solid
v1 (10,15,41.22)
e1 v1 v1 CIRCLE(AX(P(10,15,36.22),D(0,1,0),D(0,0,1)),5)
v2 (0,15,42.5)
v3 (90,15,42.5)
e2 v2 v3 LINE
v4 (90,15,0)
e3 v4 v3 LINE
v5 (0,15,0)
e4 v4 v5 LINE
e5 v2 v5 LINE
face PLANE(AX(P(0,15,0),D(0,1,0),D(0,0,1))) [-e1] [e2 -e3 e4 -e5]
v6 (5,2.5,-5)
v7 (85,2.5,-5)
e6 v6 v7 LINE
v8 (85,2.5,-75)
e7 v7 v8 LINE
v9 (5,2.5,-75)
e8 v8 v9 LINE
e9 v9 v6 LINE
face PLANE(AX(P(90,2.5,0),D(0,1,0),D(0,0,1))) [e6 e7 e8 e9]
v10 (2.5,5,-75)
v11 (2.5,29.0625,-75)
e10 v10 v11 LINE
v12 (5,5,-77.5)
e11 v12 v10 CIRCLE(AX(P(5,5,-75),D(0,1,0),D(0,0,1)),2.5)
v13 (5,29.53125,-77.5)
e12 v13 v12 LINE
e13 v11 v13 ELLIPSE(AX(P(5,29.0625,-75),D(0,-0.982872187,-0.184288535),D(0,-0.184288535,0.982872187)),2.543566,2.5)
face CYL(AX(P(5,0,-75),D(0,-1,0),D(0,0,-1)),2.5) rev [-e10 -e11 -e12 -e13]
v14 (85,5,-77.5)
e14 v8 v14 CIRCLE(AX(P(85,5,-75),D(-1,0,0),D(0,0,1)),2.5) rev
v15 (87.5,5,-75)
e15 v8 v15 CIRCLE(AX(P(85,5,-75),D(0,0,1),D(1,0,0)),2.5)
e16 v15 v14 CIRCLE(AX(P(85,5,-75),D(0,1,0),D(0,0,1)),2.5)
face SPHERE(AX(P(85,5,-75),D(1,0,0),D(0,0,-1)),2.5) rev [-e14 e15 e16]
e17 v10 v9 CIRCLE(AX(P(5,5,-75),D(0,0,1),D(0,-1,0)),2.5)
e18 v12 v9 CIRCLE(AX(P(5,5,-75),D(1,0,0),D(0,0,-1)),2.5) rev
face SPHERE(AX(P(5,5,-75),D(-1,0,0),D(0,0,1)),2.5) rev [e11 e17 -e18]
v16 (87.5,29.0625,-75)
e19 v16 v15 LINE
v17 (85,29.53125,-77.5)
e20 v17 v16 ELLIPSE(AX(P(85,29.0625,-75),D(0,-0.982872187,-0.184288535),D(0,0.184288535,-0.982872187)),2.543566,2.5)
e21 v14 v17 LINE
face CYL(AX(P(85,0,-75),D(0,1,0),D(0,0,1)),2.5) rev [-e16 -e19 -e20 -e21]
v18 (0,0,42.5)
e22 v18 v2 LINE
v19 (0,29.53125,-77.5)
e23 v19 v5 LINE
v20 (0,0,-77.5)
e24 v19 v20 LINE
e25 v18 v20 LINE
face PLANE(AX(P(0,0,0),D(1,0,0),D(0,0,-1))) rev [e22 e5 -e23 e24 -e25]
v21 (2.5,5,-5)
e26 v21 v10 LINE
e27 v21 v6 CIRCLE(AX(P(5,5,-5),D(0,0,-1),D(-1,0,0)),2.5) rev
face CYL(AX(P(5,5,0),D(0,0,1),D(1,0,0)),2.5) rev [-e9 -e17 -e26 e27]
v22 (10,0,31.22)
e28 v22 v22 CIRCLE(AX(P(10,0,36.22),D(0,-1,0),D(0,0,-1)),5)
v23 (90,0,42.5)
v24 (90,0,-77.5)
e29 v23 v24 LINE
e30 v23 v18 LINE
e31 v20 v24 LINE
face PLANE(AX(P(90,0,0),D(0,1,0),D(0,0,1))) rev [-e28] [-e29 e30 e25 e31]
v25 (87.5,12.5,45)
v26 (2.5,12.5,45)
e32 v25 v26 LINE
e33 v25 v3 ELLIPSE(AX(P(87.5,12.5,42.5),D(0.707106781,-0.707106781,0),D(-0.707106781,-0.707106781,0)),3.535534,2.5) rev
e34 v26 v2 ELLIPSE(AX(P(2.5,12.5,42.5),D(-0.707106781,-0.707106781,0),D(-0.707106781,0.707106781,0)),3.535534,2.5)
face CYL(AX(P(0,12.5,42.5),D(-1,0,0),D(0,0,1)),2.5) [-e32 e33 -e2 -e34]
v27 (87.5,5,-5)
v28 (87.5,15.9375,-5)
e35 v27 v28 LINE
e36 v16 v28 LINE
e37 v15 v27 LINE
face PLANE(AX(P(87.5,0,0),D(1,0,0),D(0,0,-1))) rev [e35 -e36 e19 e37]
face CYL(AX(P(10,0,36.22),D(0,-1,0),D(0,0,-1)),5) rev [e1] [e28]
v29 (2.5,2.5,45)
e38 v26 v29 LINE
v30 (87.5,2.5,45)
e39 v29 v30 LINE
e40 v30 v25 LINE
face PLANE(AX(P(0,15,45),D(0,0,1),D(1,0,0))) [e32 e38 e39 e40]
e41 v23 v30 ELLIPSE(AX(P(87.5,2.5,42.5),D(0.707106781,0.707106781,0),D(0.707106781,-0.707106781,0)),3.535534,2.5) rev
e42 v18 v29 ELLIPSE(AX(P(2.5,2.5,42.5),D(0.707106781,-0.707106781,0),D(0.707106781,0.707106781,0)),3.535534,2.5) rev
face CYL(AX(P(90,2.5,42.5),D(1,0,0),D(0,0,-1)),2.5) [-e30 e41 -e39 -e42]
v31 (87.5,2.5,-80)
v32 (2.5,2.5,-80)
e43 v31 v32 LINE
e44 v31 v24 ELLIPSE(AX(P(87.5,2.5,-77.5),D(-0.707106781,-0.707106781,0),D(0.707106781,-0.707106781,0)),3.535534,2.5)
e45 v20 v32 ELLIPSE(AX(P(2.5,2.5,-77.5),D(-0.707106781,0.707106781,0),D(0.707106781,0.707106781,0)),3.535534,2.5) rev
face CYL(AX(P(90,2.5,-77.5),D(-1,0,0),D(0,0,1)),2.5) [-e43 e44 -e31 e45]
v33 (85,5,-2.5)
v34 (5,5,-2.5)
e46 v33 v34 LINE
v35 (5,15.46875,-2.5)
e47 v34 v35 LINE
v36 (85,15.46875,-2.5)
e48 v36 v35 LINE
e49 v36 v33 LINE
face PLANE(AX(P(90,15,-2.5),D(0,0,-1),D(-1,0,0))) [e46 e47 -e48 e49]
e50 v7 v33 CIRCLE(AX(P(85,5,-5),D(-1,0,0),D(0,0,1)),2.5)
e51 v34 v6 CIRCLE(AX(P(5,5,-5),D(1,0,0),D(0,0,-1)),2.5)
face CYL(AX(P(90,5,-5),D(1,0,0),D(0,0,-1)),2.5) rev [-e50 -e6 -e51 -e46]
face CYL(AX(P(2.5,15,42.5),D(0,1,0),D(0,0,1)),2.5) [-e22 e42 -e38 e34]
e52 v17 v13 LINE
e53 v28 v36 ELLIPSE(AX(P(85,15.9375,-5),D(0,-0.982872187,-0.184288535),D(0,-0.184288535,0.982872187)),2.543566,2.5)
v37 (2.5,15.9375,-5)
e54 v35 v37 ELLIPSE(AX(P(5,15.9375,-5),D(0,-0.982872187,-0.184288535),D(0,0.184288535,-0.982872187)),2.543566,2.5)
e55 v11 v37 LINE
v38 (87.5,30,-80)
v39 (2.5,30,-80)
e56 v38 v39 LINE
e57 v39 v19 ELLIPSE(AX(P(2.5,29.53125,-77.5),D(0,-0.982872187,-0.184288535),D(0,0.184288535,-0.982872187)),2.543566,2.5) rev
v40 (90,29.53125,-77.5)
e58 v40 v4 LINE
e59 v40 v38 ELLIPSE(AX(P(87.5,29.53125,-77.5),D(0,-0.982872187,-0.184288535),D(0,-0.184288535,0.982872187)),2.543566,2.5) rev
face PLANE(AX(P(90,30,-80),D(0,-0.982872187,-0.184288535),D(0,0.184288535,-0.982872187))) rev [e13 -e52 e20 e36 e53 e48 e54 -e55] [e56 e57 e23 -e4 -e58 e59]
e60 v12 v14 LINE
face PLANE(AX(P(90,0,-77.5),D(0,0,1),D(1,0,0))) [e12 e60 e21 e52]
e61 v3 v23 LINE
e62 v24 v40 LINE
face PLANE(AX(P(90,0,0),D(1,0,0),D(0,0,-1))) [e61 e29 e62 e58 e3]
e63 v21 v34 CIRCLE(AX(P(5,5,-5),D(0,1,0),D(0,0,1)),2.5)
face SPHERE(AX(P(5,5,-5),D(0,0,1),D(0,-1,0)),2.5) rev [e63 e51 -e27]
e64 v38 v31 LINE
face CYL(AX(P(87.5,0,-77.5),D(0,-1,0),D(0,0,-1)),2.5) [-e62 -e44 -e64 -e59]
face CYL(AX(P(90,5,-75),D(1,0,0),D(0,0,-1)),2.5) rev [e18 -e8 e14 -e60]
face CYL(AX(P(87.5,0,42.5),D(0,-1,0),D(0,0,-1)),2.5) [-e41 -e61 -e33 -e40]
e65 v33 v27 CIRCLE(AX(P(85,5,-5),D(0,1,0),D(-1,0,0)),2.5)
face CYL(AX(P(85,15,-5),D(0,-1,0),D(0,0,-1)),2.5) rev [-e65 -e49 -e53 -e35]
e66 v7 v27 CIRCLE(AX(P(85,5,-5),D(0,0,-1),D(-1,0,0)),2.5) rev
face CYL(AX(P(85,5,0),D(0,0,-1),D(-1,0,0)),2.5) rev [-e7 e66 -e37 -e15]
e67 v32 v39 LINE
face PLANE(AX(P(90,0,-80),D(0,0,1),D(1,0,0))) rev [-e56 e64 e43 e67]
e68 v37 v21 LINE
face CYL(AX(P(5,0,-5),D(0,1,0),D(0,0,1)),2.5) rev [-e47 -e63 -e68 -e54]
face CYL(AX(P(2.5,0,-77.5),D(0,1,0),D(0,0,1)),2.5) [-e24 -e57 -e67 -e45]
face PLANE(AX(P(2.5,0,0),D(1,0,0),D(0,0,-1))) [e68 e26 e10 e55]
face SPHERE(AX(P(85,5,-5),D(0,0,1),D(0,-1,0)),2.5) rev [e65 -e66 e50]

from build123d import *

# Parameters (mm, degrees)
BOSS_EXTRUDE1_DEPTH    = 90
SHELL1_T               = -2.5
SKETCH2_W              = 90
SKETCH2_H              = 45
BOSS_EXTRUDE2_DEPTH    = 15
F_10_0MM_DOWEL_HOLE1_D = 10
FILLET1_R              = 2.5


with BuildPart() as part:
    # Sketch1 → Boss-Extrude1 (new body)
    with BuildSketch(Plane(origin=(0, 0, 0), x_dir=(0, 0, -1), z_dir=(1, 0, 0))):
        Polygon((0, 0), (80, 0), (80, 30), (0, 15), align=None)
    extrude(amount=BOSS_EXTRUDE1_DEPTH)

    # Shell1
    shell1_openings = [part.faces().sort_by_distance(p)[0] for p in [
        (45, 22.5, -40),
    ]]
    offset(amount=SHELL1_T, openings=shell1_openings, kind=Kind.INTERSECTION)

    # Sketch2 → Boss-Extrude2 (add)
    with BuildSketch(Plane.XZ):
        with Locations((45, 22.5)):
            Rectangle(SKETCH2_W, SKETCH2_H)
    extrude(amount=-BOSS_EXTRUDE2_DEPTH)

    # Ø10.0mm Dowel Hole1 (through all)
    with Locations(Plane.XZ):
        with Locations((10, 36.22)):
            Hole(F_10_0MM_DOWEL_HOLE1_D / 2)

    # Fillet1
    fillet1_edges = [part.edges().sort_by_distance(p)[0] for p in [
        (90, 15, -80),
        (2.5, 8.984375, -2.5),
        (2.5, 2.5, -40),
        (45, 2.5, -2.5),
        (2.5, 16.015625, -77.5),
        (45, 2.5, -77.5),
        (87.5, 8.984375, -2.5),
        (87.5, 2.5, -40),
        (87.5, 16.015625, -77.5),
        (45, 15, 45),
        (0, 7.5, 45),
        (90, 7.5, 45),
        (45, 0, 45),
        (0, 15, -80),
        (45, 0, -80),
    ]]
    fillet(fillet1_edges, radius=FILLET1_R)


solid = part.part
